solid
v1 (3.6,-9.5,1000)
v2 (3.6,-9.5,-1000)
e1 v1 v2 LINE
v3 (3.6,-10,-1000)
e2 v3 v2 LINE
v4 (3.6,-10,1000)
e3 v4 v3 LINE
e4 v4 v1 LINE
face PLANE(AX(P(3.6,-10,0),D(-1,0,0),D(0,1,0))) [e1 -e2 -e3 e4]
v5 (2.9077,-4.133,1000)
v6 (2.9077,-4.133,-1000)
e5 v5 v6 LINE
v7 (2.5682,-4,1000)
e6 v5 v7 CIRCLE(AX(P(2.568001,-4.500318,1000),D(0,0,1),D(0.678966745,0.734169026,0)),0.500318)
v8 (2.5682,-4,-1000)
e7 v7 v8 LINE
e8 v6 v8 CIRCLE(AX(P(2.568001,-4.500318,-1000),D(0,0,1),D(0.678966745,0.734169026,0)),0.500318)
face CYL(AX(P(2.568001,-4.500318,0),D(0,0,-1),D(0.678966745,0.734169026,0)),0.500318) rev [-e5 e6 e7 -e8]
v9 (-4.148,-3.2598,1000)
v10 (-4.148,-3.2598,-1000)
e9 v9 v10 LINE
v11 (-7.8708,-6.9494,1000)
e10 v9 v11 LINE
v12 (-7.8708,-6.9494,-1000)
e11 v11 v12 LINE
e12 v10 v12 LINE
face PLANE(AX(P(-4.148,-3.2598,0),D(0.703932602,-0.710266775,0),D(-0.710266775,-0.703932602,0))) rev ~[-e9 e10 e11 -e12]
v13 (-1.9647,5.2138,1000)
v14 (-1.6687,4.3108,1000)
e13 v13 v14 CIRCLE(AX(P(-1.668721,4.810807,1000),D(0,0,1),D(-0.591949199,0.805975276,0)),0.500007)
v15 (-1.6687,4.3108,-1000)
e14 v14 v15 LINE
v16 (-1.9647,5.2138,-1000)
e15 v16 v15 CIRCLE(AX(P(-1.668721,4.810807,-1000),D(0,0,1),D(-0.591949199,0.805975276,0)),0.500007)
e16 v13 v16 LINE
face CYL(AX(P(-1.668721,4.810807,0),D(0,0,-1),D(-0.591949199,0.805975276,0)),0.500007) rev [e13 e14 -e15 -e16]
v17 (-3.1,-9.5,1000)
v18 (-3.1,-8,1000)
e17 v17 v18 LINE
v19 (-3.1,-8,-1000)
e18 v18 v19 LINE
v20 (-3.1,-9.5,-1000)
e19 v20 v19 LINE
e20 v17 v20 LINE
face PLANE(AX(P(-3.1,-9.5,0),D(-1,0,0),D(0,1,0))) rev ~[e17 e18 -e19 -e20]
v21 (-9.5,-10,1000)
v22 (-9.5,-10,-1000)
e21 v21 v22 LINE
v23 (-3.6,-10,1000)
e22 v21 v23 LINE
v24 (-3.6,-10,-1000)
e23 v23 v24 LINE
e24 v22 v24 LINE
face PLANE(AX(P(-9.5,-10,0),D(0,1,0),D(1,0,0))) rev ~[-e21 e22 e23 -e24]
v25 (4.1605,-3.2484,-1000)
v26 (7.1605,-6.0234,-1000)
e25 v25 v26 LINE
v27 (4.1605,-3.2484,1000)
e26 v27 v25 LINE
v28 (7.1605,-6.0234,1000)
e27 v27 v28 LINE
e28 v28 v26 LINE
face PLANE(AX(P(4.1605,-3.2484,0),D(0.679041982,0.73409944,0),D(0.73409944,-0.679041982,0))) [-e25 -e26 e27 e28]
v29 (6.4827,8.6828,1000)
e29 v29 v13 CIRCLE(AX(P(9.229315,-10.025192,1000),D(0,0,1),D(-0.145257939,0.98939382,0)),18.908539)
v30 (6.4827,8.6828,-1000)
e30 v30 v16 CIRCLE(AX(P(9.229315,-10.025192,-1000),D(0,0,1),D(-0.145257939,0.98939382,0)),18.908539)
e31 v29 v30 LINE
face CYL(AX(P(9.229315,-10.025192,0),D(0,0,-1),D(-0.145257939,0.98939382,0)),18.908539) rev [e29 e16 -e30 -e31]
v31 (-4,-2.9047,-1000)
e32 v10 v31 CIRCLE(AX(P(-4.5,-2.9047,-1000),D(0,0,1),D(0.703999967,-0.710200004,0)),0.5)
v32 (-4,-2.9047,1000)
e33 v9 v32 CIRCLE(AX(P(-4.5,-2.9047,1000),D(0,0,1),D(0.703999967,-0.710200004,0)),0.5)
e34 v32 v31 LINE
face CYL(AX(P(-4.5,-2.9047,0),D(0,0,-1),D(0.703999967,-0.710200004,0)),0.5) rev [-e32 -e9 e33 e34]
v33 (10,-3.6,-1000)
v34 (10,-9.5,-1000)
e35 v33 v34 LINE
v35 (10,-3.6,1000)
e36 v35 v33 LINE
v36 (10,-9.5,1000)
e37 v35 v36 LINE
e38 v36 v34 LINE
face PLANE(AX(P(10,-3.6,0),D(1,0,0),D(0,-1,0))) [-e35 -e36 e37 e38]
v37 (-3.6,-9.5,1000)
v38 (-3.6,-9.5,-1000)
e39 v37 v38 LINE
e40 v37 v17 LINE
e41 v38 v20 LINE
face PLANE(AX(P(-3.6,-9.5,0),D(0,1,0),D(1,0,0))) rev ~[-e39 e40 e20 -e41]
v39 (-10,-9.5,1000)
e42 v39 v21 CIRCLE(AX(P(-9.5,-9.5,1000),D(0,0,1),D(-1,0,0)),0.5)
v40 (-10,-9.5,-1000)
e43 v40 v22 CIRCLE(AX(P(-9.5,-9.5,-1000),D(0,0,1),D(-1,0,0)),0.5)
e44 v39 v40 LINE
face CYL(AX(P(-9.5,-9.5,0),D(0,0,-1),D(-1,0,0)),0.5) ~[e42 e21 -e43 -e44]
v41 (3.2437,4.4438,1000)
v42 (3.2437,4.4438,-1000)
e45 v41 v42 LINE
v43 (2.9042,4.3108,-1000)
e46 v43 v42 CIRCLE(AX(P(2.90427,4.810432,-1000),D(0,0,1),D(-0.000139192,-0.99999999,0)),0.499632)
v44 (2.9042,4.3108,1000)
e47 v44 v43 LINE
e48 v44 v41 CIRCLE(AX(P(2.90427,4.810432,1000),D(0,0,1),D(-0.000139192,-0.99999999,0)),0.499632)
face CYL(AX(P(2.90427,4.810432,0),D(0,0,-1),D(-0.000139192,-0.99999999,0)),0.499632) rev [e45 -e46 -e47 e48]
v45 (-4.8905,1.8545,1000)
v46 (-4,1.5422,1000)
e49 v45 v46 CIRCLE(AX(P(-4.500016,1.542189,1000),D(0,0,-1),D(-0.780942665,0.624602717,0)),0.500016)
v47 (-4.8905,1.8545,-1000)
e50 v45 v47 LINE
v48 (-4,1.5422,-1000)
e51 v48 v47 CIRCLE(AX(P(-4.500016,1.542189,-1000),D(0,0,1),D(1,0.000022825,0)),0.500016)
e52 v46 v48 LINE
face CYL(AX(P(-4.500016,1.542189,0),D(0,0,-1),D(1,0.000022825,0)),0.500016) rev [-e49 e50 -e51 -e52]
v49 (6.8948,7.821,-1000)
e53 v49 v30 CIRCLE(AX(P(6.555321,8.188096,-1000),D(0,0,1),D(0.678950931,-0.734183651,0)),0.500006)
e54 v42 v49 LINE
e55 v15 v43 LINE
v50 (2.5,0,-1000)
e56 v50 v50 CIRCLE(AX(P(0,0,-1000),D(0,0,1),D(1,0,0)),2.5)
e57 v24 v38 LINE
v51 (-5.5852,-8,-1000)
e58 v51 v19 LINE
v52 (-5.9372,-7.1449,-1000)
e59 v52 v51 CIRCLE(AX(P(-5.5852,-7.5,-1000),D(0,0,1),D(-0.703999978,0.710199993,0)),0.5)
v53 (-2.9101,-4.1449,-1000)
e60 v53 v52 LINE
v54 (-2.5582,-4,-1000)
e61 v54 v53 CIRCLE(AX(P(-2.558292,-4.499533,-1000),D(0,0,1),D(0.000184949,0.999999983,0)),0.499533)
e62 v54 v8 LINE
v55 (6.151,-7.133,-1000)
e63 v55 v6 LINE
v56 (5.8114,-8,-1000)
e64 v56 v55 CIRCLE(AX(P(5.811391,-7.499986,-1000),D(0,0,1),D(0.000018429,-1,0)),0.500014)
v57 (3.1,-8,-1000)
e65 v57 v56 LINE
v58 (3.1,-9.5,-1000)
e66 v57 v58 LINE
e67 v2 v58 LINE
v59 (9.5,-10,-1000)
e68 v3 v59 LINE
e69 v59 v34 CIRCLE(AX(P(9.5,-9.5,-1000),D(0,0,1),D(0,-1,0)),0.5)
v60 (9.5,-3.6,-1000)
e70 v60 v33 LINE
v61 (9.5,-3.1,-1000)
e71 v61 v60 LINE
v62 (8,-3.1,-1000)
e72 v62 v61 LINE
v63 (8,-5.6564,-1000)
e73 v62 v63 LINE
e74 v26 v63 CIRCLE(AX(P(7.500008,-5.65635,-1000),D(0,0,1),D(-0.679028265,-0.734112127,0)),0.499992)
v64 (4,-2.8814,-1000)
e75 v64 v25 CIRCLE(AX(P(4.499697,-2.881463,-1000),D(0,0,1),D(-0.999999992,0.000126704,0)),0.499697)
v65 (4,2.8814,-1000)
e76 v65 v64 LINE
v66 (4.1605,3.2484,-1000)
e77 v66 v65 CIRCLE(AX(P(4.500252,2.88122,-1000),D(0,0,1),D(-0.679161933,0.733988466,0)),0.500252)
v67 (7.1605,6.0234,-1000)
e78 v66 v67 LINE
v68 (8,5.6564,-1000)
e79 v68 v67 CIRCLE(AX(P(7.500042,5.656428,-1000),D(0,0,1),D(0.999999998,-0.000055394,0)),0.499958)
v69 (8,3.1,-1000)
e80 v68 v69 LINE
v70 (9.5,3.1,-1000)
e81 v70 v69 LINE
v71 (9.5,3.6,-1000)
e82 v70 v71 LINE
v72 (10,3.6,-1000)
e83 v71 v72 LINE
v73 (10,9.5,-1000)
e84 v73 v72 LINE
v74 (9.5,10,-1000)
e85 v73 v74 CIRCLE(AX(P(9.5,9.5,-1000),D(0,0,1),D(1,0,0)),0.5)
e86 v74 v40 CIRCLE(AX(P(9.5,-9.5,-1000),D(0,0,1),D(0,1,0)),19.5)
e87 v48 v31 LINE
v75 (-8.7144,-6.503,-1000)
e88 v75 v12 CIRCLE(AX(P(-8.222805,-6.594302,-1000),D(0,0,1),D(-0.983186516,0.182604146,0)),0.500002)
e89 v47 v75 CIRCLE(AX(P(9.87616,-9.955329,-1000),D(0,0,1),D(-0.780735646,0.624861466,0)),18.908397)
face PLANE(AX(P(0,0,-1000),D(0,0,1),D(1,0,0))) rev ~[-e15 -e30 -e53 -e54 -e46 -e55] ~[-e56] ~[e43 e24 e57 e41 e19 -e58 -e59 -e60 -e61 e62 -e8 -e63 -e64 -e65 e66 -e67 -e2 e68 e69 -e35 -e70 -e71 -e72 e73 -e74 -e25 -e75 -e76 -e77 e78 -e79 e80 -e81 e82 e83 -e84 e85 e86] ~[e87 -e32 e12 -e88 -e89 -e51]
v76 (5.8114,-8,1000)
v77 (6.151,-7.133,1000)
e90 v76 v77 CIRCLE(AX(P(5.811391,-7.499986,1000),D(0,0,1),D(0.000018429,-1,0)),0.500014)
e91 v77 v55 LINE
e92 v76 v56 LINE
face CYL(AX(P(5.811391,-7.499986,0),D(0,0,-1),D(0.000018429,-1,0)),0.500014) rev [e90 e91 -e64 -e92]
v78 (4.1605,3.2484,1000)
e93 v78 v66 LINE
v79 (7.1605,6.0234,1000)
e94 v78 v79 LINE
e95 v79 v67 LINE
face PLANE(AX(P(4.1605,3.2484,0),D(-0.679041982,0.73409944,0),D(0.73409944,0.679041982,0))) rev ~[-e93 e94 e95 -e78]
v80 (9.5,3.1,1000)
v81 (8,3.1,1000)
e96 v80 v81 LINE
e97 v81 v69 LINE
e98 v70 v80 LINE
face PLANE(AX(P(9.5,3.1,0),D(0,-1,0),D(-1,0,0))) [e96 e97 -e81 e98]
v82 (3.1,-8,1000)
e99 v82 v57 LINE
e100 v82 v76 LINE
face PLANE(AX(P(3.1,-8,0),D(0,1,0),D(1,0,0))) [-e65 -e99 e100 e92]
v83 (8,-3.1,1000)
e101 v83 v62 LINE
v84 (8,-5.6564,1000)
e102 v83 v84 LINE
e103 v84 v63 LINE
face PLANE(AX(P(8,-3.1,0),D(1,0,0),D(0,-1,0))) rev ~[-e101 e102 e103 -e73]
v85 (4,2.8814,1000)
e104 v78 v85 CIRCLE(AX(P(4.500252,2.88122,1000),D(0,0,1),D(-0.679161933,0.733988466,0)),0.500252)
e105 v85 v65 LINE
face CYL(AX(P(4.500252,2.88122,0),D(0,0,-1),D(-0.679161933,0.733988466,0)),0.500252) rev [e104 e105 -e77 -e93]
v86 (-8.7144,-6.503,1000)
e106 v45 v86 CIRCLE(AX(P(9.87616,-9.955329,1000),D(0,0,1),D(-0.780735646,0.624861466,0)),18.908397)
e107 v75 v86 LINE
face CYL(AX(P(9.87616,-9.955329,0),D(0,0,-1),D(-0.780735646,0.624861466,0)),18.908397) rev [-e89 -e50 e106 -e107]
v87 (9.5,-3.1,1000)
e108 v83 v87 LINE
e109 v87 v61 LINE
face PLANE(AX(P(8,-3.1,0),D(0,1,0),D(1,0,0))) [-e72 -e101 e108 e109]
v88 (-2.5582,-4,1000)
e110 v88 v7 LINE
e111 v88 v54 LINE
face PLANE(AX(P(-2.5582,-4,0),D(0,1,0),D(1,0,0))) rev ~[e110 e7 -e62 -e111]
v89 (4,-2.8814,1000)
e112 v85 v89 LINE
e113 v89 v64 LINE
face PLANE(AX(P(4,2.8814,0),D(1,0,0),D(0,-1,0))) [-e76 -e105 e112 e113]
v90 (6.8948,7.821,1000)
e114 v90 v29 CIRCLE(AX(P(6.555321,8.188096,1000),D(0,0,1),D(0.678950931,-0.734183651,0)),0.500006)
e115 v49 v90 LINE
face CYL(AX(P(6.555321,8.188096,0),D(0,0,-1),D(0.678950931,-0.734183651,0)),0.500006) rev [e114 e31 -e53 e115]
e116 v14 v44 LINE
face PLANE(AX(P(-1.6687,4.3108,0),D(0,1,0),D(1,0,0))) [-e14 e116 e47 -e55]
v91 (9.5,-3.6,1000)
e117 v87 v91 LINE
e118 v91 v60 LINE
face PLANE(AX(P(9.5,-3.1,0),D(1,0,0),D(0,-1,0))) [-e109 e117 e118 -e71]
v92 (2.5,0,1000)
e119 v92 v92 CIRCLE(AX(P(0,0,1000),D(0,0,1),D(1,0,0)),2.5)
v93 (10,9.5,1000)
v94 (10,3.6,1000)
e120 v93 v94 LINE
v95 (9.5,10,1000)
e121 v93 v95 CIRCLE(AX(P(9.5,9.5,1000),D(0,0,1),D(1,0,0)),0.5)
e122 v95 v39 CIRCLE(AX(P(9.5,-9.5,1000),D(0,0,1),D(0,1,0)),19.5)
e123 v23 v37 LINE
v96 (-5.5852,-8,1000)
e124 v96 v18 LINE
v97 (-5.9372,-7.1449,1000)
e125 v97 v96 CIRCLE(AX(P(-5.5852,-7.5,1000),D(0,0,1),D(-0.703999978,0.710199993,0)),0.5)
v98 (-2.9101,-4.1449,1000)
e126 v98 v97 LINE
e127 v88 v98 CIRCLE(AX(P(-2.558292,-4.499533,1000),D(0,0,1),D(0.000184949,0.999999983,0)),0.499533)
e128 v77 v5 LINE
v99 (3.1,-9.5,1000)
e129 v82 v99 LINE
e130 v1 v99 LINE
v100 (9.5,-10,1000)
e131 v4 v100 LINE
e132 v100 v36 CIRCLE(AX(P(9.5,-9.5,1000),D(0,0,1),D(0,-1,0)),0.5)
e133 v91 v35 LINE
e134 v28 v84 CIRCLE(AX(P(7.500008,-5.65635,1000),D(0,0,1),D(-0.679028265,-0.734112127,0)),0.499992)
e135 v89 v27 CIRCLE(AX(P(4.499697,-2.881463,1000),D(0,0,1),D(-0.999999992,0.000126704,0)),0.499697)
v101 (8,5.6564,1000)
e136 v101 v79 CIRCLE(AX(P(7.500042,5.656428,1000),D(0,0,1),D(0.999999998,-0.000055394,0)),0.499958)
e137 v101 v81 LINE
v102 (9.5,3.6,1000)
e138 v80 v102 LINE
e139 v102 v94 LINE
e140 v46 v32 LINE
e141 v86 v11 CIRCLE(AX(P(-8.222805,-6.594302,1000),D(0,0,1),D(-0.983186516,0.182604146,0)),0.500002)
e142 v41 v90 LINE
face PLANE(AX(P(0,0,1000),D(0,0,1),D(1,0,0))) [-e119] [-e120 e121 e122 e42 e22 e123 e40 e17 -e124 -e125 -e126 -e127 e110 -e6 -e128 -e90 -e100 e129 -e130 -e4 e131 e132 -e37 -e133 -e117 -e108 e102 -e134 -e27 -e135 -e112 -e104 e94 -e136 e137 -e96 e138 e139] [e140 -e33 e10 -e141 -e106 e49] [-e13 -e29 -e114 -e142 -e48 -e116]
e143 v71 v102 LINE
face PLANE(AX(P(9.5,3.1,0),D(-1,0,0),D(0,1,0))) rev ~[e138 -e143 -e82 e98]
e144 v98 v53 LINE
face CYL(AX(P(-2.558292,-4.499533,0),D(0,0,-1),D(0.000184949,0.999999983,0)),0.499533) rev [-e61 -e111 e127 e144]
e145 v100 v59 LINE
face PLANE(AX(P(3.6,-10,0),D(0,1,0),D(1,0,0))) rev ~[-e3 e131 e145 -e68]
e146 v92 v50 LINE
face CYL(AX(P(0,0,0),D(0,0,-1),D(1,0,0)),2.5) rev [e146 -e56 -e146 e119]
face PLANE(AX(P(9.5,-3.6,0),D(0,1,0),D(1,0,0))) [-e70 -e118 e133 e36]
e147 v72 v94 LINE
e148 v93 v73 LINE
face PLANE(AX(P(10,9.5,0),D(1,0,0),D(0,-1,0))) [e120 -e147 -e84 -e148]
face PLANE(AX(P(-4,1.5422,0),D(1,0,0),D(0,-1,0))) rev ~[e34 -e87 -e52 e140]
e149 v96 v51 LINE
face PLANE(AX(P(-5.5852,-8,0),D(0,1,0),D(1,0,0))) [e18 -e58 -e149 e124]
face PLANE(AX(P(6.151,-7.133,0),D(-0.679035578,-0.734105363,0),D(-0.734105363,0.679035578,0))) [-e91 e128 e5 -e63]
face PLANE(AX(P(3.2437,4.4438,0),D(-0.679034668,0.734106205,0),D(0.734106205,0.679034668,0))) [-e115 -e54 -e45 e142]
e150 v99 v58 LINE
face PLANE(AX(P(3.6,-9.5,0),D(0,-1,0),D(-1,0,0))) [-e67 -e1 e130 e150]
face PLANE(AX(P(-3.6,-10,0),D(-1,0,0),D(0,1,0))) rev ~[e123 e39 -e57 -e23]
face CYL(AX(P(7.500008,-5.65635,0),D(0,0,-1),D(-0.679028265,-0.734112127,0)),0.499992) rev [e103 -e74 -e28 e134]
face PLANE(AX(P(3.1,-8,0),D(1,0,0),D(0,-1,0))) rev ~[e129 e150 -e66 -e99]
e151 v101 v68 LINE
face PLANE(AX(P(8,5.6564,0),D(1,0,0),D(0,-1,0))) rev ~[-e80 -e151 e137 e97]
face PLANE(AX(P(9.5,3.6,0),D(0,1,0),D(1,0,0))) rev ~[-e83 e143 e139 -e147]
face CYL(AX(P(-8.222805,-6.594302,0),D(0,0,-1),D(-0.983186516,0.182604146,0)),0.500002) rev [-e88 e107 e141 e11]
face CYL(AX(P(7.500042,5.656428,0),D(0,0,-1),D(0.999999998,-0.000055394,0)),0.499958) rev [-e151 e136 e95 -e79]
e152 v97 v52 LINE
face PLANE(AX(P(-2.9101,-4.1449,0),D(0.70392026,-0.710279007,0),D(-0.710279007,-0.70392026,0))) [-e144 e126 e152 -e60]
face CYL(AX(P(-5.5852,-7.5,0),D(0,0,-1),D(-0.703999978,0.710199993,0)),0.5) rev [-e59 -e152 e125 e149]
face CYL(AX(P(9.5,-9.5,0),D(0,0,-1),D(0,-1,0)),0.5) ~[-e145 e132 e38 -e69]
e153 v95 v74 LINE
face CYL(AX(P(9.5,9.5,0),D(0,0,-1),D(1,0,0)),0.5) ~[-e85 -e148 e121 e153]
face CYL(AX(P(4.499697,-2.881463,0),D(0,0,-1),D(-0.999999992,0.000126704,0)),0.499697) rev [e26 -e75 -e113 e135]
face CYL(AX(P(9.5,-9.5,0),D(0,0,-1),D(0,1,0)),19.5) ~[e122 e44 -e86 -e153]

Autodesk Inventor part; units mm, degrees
ref_plane "YZ Plane" through (0, 0, 0) normal (1, 0, 0) x (0, 1, 0)
ref_plane "XZ Plane" through (0, 0, 0) normal (0, 1, 0) x (-1, 0, 0)
ref_plane "XY Plane" through (0, 0, 0) normal (0, 0, 1) x (1, 0, 0)
sketch "Esboço2" plane through (0, 0, 0) normal (0, 0, 1) x (1, 0, 0)
  circle A0 centre (0, 0) radius 2.5
  line L0 (10, 10) -> (10, -10) construction
  line L1 (10, 3.1) -> (10, -3.1) construction
  line L2 (4, 3.1) -> (4, -3.1) construction
  line L3 (0, 0) -> (2.5, 0) construction
  line L4 (10, 10) -> (10, 3.1) construction
  line L5 (10, 3.1) -> (8, 3.1) construction
  line L6 (8, 3.1) -> (8, 6.8) construction
  line L7 (8, 6.8) -> (4, 3.1) construction
  line L8 (10, -3.1) -> (10, -10) construction
  line L9 (8, -3.1) -> (10, -3.1) construction
  line L10 (8, -3.1) -> (8, -6.8) construction
  line L11 (8, -6.8) -> (4, -3.1) construction
  line L12 (10, 3.1) -> (9.5, 3.1) construction
  line L13 (9.5, 3.1) -> (9.5, 3.6)
  line L14 (9.5, 3.6) -> (10, 3.6)
  line L15 (10, 3.6) -> (10, 3.1) construction
  line L16 (10, 10) -> (10, 3.6) construction
  line L17 (9.5, 3.1) -> (8, 3.1)
  line L18 (10, -3.1) -> (9.5, -3.1) construction
  line L19 (9.5, -3.1) -> (9.5, -3.6)
  line L20 (9.5, -3.6) -> (10, -3.6)
  line L21 (10, -3.6) -> (10, -3.1) construction
  line L22 (10, -3.6) -> (10, -10) construction
  line L23 (8, -3.1) -> (9.5, -3.1)
  line L24 (0, 0) -> (0, -2.5) construction
  line L25 (0, 2.5) -> (0, 0) construction
  arc A1 (10, 9.5) -> (9.5, 10) centre (9.5, 9.5) ccw
  line L26 (10, 9.5) -> (10, 3.6)
  line L27 (-10, 10) -> (10, 10) construction
  line L28 (-10, 10) -> (-10, -10) construction
  line L29 (0, 0) -> (-10, 10) construction
  line L30 (-2.5, 0) -> (0, 0) construction
  arc A2 (8, 5.6564) -> (7.1605, 6.0234) centre (7.5, 5.6564) ccw
  line L31 (8, 5.6564) -> (8, 3.1)
  arc A3 (7.1605, -6.0234) -> (8, -5.6564) centre (7.5, -5.6564) ccw
  arc A4 (4.1605, 3.2484) -> (4, 2.8814) centre (4.5, 2.8814) ccw
  arc A5 (4, -2.8814) -> (4.1605, -3.2484) centre (4.5, -2.8814) ccw
  line L32 (4, 2.8814) -> (4, -2.8814)
  line L33 (4.1605, -3.2484) -> (7.1605, -6.0234)
  line L34 (4.1605, 3.2484) -> (7.1605, 6.0234)
  line L35 (8, -3.1) -> (8, -5.6564)
  arc A6 (9.5, -10) -> (10, -9.5) centre (9.5, -9.5) ccw
  line L36 (10, -3.6) -> (10, -9.5)
  arc A7 (9.5, 10) -> (-10, -9.5) centre (9.5, -9.5) ccw
  arc A8 (-10, -9.5) -> (-9.5, -10) centre (-9.5, -9.5) ccw
  line L37 (-3.1, 4.3108) -> (3.1, 4.3108) construction
  line L38 (3.1, 4.3108) -> (8, 8.8433) construction
  arc A9 (6.8948, 7.821) -> (6.4827, 8.6828) centre (6.5553, 8.1881) ccw
  arc A10 (2.9042, 4.3108) -> (3.2437, 4.4438) centre (2.9042, 4.8108) ccw
  arc A11 (8, 8.8433) -> (-3.1, 4.3108) centre (9.2294, -10.0255) ccw construction
  arc A12 (-1.9647, 5.2138) -> (-1.6687, 4.3108) centre (-1.6687, 4.8108) ccw
  line L39 (-1.6687, 4.3108) -> (2.9042, 4.3108)
  arc A13 (6.4827, 8.6828) -> (-1.9647, 5.2138) centre (9.2294, -10.0255) ccw
  line L40 (3.2437, 4.4438) -> (6.8948, 7.821)
  line L41 (-6.8, -8) -> (-3.1, -8) construction
  line L42 (-10, -10) -> (10, -10) construction
  line L43 (-3.1, -10) -> (3.1, -10) construction
  line L44 (-10, -10) -> (-3.1, -10) construction
  line L45 (-9.5, -10) -> (-3.1, -10) construction
  line L46 (-3.1, -8) -> (-3.1, -10) construction
  line L47 (3.1, -10) -> (10, -10) construction
  line L48 (3.1, -8) -> (3.1, -10) construction
  line L49 (3.1, -8) -> (7.0883, -8) construction
  line L50 (3.1, -10) -> (9.5, -10) construction
  line L51 (2.764, -4) -> (7.0883, -8) construction
  line L52 (-2.764, -4) -> (2.764, -4) construction
  line L53 (-6.8, -8) -> (-2.764, -4) construction
  arc A14 (-5.9372, -7.1449) -> (-5.5852, -8) centre (-5.5852, -7.5) ccw
  arc A15 (-2.5582, -4) -> (-2.9101, -4.1449) centre (-2.5582, -4.5) ccw
  arc A16 (2.9077, -4.133) -> (2.5682, -4) centre (2.5682, -4.5) ccw
  arc A17 (5.8114, -8) -> (6.151, -7.133) centre (5.8114, -7.5) ccw
  line L54 (-3.1, -10) -> (-3.6, -10) construction
  line L55 (-3.6, -10) -> (-3.6, -9.5)
  line L56 (-3.6, -9.5) -> (-3.1, -9.5)
  line L57 (-3.1, -9.5) -> (-3.1, -10) construction
  line L58 (-9.5, -10) -> (-3.6, -10)
  line L59 (-3.1, -9.5) -> (-3.1, -8)
  line L60 (-2.9101, -4.1449) -> (-5.9372, -7.1449)
  line L61 (-2.5582, -4) -> (2.5682, -4)
  line L62 (6.151, -7.133) -> (2.9077, -4.133)
  line L63 (3.1, -8) -> (5.8114, -8)
  line L64 (-5.5852, -8) -> (-3.1, -8)
  line L65 (3.1, -10) -> (3.6, -10) construction
  line L66 (3.6, -10) -> (3.6, -9.5)
  line L67 (3.6, -9.5) -> (3.1, -9.5)
  line L68 (3.1, -9.5) -> (3.1, -10) construction
  line L69 (3.6, -10) -> (9.5, -10)
  line L70 (3.1, -8) -> (3.1, -9.5)
  line L71 (-8.9309, -8) -> (-4, -3.1131) construction
  line L72 (-4, -3.1131) -> (-4, 2.889) construction
  arc A18 (-4, 2.889) -> (-8.9309, -8) centre (9.8766, -9.9556) ccw construction
  arc A19 (-8.7144, -6.503) -> (-7.8708, -6.9494) centre (-8.2228, -6.5943) ccw
  arc A20 (-4, 1.5422) -> (-4.8905, 1.8545) centre (-4.5, 1.5422) ccw
  arc A21 (-4.148, -3.2598) -> (-4, -2.9047) centre (-4.5, -2.9047) ccw
  arc A22 (-4.8863, 1.8598) -> (-8.7144, -6.503) centre (9.8766, -9.9556) ccw
  line L73 (-4, 1.5422) -> (-4, -2.9047)
  line L74 (-4.148, -3.2598) -> (-7.8708, -6.9494)
  point P0 (10, 0)
  point P1 (10, 0)
  point P2 (4, 0)
  point P3 (0, 4.3108)
  point P4 (0, -10)
  point P5 (0, -10)
  point P6 (10, 6.8)
  point P7 (8, -4.3782)
  point P8 (0, -4)
  point P9 (-4.8905, 1.8545)
  dimension "d6" = 5
  dimension "d7" = 20
  dimension "d8" = 10
  dimension "d9" = 6.2
  dimension "d11" = 6
  dimension "d17" = 2
  dimension "d22" = 0.5
  dimension "d24" = 0.5
  dimension "d65" = 1.5
  dimension "d67" = 1.5
  dimension "d69" = 1.5
  dimension "d70" = 1.5
  dimension "d72" = 1.5
extrude "Extrusão1" add sketch "Esboço2" along normal mid plane 2000
properties part number "Perfil 20×20 R90 2 rasgos" material "Ouro"
